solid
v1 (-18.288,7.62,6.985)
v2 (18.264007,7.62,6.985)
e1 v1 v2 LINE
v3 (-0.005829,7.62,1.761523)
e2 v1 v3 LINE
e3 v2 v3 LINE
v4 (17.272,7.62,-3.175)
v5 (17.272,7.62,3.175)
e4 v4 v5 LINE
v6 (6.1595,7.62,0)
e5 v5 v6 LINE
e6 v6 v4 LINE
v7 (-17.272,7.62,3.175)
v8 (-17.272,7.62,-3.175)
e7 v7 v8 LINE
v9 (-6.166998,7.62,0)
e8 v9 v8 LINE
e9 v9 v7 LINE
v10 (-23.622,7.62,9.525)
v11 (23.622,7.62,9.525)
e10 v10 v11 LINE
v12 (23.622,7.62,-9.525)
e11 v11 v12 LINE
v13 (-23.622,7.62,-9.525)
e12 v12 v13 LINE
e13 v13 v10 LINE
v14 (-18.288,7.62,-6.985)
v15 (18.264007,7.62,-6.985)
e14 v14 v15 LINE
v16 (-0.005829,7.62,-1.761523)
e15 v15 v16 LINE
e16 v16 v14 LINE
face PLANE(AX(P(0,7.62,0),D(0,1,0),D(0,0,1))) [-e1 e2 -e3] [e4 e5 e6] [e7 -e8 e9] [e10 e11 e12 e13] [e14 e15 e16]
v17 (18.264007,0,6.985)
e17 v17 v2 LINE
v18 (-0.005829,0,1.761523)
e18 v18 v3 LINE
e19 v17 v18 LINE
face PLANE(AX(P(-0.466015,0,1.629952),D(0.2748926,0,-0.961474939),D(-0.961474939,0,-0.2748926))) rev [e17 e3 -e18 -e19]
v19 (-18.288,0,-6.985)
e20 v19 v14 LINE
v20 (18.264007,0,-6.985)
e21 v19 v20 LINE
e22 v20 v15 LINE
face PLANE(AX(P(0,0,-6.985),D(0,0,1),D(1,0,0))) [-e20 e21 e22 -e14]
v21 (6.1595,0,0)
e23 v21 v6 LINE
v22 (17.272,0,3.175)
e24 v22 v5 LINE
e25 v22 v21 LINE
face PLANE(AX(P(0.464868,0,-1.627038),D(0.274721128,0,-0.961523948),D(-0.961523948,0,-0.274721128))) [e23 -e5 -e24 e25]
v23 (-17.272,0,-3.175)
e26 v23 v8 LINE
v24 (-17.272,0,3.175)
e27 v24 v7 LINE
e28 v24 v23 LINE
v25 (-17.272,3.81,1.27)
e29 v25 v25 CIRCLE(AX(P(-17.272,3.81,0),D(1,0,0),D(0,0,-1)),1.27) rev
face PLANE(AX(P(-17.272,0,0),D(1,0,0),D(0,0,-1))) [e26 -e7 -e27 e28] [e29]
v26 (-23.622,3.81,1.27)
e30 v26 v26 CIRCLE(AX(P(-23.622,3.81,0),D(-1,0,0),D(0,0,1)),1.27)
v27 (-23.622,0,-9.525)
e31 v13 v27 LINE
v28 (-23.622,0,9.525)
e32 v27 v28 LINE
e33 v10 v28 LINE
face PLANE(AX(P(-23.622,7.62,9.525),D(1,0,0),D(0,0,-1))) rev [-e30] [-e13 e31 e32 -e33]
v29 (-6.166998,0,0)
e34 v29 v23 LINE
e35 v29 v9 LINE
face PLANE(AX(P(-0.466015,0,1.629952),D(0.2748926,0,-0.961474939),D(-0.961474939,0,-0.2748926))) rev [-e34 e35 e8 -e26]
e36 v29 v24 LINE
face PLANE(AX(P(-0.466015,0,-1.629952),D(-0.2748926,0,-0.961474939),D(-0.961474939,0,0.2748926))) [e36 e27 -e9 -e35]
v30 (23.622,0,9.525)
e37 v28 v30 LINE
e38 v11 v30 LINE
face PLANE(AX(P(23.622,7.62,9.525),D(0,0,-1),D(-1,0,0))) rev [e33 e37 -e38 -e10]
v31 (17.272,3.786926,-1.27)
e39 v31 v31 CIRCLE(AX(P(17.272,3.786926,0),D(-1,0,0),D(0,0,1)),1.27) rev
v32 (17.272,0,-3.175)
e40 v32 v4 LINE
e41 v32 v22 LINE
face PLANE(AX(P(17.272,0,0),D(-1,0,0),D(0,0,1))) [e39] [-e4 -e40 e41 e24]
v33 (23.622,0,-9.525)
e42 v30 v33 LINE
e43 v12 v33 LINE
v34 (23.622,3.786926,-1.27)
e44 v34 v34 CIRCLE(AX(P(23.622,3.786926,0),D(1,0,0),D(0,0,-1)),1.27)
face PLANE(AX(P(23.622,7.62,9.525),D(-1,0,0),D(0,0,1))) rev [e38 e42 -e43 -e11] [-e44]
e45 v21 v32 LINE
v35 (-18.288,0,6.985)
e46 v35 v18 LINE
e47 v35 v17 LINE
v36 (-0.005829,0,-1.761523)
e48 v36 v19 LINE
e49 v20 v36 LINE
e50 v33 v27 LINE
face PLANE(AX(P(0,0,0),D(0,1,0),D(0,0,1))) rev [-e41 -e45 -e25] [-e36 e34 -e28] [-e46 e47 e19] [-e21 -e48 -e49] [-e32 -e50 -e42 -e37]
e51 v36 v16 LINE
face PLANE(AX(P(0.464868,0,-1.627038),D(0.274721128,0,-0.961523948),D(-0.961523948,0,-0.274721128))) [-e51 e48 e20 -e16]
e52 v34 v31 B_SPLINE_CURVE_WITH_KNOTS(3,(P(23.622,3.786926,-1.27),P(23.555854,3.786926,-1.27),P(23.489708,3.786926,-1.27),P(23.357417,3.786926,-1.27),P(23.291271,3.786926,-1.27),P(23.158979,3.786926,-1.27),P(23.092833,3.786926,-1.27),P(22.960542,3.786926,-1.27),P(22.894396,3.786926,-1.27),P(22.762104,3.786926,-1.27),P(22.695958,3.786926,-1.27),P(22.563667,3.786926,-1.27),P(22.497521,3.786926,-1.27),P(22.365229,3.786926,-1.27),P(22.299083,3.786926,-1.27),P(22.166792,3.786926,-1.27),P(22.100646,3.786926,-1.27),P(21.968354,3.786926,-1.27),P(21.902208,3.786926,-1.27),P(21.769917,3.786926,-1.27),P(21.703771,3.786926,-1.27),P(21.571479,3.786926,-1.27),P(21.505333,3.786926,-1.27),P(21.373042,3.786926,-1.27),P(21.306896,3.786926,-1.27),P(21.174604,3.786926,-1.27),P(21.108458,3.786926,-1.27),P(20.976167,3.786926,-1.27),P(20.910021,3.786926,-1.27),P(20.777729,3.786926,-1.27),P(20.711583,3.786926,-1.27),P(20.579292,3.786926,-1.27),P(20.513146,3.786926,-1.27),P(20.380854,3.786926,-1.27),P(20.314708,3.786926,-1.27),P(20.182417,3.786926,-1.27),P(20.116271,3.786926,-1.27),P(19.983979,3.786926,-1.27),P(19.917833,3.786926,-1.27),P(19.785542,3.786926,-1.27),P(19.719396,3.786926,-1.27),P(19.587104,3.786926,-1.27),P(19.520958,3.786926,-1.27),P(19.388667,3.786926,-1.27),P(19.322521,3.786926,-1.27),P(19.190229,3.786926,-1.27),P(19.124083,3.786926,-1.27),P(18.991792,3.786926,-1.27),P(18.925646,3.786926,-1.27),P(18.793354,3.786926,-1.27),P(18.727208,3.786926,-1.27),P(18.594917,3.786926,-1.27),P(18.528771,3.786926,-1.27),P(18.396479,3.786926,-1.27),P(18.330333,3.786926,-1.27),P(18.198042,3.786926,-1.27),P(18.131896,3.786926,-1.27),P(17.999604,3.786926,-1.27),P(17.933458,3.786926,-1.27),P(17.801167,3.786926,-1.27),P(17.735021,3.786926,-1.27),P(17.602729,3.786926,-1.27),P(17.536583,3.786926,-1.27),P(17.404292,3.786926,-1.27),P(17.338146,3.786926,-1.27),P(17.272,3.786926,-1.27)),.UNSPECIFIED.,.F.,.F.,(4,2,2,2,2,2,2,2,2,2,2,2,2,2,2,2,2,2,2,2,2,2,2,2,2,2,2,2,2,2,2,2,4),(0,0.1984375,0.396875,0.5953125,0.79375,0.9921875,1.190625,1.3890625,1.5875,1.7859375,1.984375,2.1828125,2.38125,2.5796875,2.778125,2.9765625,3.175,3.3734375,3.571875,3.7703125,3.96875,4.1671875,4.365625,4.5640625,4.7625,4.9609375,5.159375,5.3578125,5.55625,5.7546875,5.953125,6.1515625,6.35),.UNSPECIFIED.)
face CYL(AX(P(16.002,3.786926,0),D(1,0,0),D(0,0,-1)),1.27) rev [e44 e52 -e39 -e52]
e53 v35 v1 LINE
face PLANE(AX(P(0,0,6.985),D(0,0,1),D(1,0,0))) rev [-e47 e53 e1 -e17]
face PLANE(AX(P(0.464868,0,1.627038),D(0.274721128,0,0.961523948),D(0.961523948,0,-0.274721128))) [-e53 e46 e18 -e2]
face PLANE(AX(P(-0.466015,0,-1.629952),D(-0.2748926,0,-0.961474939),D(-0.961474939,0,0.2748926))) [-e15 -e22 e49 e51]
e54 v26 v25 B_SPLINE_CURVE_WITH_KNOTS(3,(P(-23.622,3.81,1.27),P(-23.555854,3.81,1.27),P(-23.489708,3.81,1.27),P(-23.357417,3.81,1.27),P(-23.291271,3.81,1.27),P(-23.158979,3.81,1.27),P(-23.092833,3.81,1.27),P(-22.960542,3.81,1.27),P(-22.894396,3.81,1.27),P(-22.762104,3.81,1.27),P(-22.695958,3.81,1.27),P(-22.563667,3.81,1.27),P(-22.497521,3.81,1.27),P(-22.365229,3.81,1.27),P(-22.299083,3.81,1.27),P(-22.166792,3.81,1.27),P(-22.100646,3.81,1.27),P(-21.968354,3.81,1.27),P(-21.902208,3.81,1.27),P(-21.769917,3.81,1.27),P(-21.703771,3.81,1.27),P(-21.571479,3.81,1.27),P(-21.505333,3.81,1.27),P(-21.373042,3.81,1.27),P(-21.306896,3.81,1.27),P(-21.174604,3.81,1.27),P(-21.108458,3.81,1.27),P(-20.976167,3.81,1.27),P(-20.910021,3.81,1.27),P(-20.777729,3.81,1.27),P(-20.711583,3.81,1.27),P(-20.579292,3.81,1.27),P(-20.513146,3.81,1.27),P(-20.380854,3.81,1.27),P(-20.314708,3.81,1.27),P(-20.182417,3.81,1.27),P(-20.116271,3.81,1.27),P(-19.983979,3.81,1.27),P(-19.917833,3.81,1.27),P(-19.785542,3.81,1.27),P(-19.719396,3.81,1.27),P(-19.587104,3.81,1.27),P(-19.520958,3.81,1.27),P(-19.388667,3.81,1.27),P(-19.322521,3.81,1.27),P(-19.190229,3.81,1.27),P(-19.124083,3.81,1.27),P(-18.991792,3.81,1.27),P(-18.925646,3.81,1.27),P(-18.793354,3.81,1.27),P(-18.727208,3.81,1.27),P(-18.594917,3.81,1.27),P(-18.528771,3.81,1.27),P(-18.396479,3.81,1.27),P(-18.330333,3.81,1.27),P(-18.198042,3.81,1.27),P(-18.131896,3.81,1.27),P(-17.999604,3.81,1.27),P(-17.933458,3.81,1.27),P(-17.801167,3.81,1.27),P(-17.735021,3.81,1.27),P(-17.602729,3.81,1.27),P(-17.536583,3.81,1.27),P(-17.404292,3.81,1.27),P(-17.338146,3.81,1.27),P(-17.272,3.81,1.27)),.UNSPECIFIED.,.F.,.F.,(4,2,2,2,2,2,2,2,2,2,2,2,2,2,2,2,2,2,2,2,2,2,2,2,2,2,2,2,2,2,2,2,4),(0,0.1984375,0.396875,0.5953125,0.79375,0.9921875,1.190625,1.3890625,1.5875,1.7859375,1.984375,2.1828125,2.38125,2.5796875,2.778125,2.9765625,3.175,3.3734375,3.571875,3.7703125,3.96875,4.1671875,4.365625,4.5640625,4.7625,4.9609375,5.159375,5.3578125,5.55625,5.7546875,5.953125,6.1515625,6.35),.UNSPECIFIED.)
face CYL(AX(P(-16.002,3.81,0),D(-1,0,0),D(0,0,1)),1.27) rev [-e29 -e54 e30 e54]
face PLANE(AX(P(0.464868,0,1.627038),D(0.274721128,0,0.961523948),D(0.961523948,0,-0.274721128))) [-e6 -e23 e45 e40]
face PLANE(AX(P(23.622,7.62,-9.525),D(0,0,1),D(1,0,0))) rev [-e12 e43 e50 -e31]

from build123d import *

# Parameters (mm, degrees)
SKETCH1_W           = 47.244
SKETCH1_H           = 19.05
BOSS_EXTRUDE1_DEPTH = 7.62
SKETCH4_R           = 1.27
CUT_EXTRUDE3_DEPTH  = 7.62
SKETCH5_R           = 1.27
CUT_EXTRUDE4_DEPTH  = 7.62
CUT_EXTRUDE8_DEPTH  = 27.585501857


with BuildPart() as part:
    # Sketch1 → Boss-Extrude1 (new body)
    with BuildSketch(Plane(origin=(0, 0, 0), x_dir=(1, 0, 0), z_dir=(0, 1, 0))):
        Rectangle(SKETCH1_W, SKETCH1_H)
    extrude(amount=BOSS_EXTRUDE1_DEPTH)

    # Sketch4 → Cut-Extrude3 (cut)
    with BuildSketch(Plane(origin=(23.622, 0, 0), x_dir=(0, 0, -1), z_dir=(1, 0, 0))):
        with Locations((0, 3.786925891)):
            Circle(SKETCH4_R)
    extrude(amount=-CUT_EXTRUDE3_DEPTH, mode=Mode.SUBTRACT)

    # Sketch5 → Cut-Extrude4 (cut)
    with BuildSketch(Plane.ZY.offset(23.622)):
        with Locations((0, 3.81)):
            Circle(SKETCH5_R)
    extrude(amount=-CUT_EXTRUDE4_DEPTH, mode=Mode.SUBTRACT)

    # Sketch2 → Cut-Extrude8 (cut, through all)
    with BuildSketch(Plane(origin=(0, 7.62, 0), x_dir=(1, 0, 0), z_dir=(0, 1, 0))):
        Polygon((-17.272, 3.175), (-17.272, -3.175), (-6.166997771, 0), align=None)
        Polygon((17.272, 3.175), (6.1595, 0), (17.272, -3.175), align=None)
        Polygon((-17.272, 6.985), (-17.272, 6.694714286), (-0.005828805, 1.761522516), (17.272, 6.701378026), (17.272, 6.985), align=None)
        Polygon((-0.005828805, -1.761522516), (-17.272, -6.694714286), (-17.272, -6.985), (17.272, -6.985), (17.272, -6.701378026), align=None)
        Polygon((18.264007134, -6.985), (17.272, -6.701378026), (17.272, -6.985), align=None)
        Polygon((-17.272, -6.985), (-17.272, -6.694714286), (-18.288, -6.985), align=None)
        Polygon((-18.288, 6.985), (-17.272, 6.694714286), (-17.272, 6.985), align=None)
        Polygon((17.272, 6.985), (17.272, 6.701378026), (18.264007134, 6.985), align=None)
    extrude(amount=-CUT_EXTRUDE8_DEPTH, mode=Mode.SUBTRACT)


solid = part.part
